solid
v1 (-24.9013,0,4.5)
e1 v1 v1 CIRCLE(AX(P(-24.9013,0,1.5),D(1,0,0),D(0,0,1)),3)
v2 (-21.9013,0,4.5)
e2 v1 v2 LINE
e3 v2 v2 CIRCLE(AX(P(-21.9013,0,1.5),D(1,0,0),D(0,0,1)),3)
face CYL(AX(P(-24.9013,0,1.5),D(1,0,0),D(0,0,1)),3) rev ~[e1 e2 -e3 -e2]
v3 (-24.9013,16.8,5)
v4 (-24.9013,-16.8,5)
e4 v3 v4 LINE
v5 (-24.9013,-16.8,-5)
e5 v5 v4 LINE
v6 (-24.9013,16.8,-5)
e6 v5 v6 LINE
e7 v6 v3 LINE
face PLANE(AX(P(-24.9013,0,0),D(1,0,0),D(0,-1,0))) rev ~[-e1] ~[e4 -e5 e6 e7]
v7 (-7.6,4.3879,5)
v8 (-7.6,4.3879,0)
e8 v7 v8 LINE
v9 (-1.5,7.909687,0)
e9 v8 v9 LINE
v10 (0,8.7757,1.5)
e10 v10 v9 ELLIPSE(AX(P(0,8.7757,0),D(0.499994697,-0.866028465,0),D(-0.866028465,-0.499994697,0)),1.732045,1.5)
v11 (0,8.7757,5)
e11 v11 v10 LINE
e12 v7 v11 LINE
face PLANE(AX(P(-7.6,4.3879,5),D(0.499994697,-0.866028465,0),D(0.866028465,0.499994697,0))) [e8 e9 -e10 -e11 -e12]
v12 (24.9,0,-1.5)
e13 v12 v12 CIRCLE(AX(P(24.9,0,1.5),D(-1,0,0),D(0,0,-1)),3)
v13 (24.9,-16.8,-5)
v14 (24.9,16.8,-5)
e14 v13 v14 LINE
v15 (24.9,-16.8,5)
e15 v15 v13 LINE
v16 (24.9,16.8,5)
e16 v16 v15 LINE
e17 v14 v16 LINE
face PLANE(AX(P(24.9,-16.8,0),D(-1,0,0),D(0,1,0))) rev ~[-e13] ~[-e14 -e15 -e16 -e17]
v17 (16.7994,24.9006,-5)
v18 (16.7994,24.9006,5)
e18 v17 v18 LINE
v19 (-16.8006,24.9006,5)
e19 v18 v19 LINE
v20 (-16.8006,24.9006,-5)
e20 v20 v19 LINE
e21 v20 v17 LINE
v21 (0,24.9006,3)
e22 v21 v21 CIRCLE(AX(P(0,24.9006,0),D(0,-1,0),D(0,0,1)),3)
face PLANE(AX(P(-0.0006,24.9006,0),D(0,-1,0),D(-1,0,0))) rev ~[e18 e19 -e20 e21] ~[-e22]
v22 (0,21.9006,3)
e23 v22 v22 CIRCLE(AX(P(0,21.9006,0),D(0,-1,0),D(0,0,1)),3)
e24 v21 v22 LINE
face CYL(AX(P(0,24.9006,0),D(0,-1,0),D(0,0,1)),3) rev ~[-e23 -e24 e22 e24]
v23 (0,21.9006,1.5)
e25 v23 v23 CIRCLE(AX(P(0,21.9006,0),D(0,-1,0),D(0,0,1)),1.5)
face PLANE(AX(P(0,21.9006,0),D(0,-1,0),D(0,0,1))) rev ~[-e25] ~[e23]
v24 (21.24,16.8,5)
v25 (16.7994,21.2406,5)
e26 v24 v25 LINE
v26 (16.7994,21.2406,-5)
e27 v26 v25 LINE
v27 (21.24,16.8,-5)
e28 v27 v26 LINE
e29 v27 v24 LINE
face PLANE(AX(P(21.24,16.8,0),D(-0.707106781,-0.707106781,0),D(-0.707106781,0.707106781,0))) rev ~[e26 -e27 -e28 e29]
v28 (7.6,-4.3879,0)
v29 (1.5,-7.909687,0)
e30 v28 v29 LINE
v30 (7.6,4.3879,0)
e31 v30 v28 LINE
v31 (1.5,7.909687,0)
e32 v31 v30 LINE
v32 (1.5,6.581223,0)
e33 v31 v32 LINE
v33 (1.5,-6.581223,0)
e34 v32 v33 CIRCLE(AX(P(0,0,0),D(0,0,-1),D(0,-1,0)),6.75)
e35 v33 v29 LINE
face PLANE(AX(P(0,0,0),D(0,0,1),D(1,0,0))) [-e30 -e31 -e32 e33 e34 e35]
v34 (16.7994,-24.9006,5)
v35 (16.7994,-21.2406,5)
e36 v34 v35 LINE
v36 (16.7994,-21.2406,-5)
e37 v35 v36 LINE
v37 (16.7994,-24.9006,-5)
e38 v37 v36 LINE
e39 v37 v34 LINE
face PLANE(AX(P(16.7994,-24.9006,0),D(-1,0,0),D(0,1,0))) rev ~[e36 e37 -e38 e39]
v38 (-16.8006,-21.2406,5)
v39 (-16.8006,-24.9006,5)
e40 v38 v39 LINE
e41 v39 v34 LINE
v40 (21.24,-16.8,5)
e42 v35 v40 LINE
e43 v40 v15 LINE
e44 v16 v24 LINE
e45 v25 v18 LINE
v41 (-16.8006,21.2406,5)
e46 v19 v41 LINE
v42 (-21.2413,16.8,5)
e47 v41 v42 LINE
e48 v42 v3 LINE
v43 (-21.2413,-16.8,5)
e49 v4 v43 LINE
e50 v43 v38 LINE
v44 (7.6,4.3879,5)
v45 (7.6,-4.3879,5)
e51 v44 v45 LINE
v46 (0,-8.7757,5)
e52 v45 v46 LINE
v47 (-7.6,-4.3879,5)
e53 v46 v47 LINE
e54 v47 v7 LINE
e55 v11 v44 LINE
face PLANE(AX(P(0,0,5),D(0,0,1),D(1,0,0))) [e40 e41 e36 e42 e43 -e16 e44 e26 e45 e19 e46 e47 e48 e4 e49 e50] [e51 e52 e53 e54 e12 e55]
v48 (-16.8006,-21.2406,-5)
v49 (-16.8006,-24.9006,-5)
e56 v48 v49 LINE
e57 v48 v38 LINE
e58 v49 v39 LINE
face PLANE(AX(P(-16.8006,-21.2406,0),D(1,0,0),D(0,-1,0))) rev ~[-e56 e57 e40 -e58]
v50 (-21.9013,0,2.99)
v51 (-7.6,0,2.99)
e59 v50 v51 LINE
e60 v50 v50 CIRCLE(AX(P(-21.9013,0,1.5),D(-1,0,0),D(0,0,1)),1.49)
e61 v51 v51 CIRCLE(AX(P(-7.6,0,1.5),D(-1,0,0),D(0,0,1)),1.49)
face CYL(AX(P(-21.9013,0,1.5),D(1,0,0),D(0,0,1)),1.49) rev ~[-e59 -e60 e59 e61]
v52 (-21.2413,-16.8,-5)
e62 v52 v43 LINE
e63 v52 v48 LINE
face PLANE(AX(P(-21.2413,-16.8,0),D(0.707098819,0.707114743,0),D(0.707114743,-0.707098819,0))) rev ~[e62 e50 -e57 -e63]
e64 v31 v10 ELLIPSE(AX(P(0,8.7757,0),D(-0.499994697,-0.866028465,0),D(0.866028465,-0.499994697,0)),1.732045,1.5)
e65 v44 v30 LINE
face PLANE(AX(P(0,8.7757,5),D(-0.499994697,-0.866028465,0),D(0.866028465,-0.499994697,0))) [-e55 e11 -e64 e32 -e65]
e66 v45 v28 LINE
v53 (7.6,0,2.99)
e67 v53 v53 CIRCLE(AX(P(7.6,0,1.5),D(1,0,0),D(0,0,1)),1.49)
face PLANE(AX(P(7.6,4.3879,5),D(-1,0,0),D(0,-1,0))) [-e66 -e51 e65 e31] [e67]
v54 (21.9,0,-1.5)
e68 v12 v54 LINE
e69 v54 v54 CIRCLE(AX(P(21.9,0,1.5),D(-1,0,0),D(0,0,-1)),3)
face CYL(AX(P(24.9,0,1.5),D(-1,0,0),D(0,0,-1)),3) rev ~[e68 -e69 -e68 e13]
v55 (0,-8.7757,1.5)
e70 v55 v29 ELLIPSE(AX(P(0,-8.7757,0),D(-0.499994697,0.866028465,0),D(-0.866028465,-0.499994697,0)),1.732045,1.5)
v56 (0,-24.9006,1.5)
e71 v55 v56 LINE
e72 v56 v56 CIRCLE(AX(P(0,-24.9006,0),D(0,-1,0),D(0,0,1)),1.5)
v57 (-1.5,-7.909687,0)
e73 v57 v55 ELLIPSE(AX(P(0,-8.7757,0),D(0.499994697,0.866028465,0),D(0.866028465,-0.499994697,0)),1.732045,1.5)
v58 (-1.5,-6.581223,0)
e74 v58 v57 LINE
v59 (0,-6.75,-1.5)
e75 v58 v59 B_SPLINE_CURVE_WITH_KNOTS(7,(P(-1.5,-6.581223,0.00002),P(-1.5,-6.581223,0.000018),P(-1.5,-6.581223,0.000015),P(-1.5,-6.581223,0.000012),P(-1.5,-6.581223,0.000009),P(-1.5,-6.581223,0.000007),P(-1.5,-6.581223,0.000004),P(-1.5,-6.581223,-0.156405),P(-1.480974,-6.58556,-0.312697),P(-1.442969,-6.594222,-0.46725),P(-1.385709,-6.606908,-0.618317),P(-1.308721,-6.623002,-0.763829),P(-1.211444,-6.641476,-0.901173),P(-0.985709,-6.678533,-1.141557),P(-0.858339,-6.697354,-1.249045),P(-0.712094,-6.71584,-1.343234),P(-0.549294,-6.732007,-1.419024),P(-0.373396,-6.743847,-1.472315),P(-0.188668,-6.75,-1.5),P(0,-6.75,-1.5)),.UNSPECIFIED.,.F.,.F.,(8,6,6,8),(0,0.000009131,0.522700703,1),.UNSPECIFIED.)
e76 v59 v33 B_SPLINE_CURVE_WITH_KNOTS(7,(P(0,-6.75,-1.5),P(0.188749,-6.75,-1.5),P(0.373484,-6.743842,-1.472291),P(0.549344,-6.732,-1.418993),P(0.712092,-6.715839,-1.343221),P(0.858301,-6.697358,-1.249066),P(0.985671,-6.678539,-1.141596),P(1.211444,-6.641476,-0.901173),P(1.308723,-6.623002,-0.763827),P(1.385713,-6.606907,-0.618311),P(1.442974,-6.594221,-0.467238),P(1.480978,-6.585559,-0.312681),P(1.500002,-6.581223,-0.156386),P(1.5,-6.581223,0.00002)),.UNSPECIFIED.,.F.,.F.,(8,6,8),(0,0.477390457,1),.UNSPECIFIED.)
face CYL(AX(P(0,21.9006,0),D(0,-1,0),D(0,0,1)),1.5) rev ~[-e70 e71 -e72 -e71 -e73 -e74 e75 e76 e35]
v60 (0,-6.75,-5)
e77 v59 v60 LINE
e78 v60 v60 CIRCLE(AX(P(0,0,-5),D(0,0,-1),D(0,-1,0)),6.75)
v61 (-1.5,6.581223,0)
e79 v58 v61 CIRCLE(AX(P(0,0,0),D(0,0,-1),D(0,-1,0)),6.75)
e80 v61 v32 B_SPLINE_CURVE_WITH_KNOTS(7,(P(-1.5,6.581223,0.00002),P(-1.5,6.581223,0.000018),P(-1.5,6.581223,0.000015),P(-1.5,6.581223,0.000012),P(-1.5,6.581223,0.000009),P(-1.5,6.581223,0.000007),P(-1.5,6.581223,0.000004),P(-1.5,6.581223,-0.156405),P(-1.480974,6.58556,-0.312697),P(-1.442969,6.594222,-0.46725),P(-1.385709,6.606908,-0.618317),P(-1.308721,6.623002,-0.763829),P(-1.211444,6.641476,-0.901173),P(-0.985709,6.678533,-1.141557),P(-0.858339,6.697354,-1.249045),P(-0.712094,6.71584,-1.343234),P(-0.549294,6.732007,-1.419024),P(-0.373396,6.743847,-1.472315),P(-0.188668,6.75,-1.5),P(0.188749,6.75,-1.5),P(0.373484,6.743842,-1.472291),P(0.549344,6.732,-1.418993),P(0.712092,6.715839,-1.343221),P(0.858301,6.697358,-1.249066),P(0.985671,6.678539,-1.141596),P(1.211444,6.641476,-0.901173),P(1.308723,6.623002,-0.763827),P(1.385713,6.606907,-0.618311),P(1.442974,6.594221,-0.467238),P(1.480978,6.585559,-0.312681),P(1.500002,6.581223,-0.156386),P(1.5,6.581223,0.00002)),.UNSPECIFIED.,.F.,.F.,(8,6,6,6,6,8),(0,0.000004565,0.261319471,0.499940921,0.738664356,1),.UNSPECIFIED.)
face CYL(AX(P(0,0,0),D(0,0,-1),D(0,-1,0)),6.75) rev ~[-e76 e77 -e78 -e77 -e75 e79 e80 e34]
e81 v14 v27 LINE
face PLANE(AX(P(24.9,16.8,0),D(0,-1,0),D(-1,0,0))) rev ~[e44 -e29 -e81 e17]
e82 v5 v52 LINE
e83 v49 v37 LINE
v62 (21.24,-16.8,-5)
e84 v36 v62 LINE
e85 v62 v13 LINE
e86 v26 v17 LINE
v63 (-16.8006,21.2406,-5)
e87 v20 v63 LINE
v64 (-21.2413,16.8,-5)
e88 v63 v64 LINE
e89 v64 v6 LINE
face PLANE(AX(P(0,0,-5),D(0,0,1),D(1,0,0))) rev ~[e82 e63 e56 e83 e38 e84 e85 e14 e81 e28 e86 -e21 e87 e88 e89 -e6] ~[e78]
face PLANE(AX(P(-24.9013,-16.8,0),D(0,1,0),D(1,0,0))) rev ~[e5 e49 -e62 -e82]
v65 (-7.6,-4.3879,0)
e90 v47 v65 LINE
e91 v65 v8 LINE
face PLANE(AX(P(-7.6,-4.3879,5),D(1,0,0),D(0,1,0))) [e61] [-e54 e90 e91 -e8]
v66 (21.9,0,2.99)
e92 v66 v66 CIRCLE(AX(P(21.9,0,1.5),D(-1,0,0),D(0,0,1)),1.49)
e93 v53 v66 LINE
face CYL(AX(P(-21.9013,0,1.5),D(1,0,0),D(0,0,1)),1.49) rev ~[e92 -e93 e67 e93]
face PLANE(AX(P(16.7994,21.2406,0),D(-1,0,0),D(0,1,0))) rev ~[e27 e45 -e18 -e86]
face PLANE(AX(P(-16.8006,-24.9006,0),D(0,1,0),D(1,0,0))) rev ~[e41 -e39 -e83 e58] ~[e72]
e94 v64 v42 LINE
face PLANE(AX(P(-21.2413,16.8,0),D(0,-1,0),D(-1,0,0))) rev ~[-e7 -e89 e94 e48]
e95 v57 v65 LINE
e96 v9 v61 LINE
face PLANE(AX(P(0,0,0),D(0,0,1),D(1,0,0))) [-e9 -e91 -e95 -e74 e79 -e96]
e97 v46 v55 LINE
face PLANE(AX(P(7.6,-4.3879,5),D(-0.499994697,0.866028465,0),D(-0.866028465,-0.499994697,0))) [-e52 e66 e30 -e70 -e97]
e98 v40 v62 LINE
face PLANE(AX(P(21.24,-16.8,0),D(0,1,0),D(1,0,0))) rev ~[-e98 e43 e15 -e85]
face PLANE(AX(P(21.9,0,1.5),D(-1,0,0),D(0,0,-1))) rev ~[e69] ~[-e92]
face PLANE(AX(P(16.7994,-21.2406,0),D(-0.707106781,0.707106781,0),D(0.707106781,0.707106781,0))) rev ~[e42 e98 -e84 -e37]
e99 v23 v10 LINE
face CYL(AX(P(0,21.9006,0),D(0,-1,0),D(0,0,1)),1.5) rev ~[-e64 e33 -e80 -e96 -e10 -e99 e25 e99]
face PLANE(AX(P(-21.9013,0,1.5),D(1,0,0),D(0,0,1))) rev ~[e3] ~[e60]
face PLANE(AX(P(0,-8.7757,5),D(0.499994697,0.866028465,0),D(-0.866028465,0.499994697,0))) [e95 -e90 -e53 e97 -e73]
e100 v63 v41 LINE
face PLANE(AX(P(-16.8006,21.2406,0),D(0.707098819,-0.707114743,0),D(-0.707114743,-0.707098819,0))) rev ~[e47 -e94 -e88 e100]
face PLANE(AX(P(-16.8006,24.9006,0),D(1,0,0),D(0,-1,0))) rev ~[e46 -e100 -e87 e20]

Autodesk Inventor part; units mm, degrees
ref_plane "YZ Plane" through (0, 0, 0) normal (1, 0, 0) x (0, 1, 0)
ref_plane "XZ Plane" through (0, 0, 0) normal (0, 1, 0) x (-1, 0, 0)
ref_plane "XY Plane" through (0, 0, 0) normal (0, 0, 1) x (1, 0, 0)
sketch "草图1" plane through (0, 0, 0) normal (0, 0, 1) x (1, 0, 0)
  line L0 (24.9, 0) -> (24.9, 16.8)
  line L1 (24.9, 0) -> (41.7, 0) construction
  line L2 (24.9, 16.8) -> (21.24, 16.8)
  line L3 (21.24, 16.8) -> (16.7994, 21.2406)
  line L4 (16.7994, 21.2406) -> (16.7994, 24.9006)
  line L5 (16.7994, 24.9006) -> (-0.0006, 24.9006)
  line L6 (-0.0006, 24.9006) -> (-16.8006, 24.9006)
  line L7 (-16.8006, 24.9006) -> (-16.8006, 21.2406)
  line L8 (-16.8006, 21.2406) -> (-21.2413, 16.8)
  line L9 (-21.2413, 16.8) -> (-24.9013, 16.8)
  line L10 (-24.9013, 16.8) -> (-24.9013, 0)
  line L11 (-24.9013, 0) -> (-24.9013, -16.8)
  line L12 (-24.9013, -16.8) -> (-21.2413, -16.8)
  line L13 (-21.2413, -16.8) -> (-16.8006, -21.2406)
  line L14 (-16.8006, -21.2406) -> (-16.8006, -24.9006)
  line L15 (-16.8006, -24.9006) -> (16.7994, -24.9006)
  line L16 (16.7994, -24.9006) -> (16.7994, -21.2406)
  line L17 (16.7994, -21.2406) -> (21.24, -16.8)
  line L18 (21.24, -16.8) -> (24.9, -16.8)
  line L19 (24.9, -16.8) -> (24.9, 0)
  line L20 (-8.7757, 0) -> (-4.3879, 7.6)
  line L21 (-4.3879, 7.6) -> (4.3879, 7.6)
  line L22 (4.3879, 7.6) -> (8.7757, 0)
  line L23 (8.7757, 0) -> (4.3879, -7.6)
  line L24 (4.3879, -7.6) -> (-4.3879, -7.6)
  line L25 (-4.3879, -7.6) -> (-8.7757, 0)
  point P0 (0, 0)
  point P1 (0, 0)
  point P2 (0, 0)
  dimension "d61" = 15.2
extrude "拉伸1" add sketch "草图1" along normal blind 5 and the other way blind 5 contours L19 L18 L17 L16 L15 L14 L13 L12 L11 L10 L9 L8 L7 L6 L5 L4 L3 L2 L0 | L20 L21 L22 L23 L24 L25
sketch "草图2" plane through (0, 0, 5) normal (0, 0, 1) x (1, 0, 0)
  point P0 (0, 0)
sketch "草图3" plane through (0, 0, 5) normal (0, 0, 1) x (1, 0, 0)
  point P0 (0, 0)
sketch "草图4" plane through (0, 0, 5) normal (0, 0, 1) x (1, 0, 0)
  line L0 (7.6, -4.3879) -> (0, -8.7757)
  line L1 (0, -8.7757) -> (-7.6, -4.3879)
  line L2 (-7.6, -4.3879) -> (-7.6, 4.3879)
  line L3 (-7.6, 4.3879) -> (0, 8.7757)
  line L4 (0, 8.7757) -> (7.6, 4.3879)
  line L5 (7.6, 4.3879) -> (7.6, -4.3879)
  point P0 (0, 0)
  point P1 (0, 0)
  dimension "d30" = 15.2
extrude "拉伸2" cut sketch "草图4" against normal blind 5
sketch "草图5" plane through (0, 0, 0) normal (0, 0, 1) x (1, 0, 0)
  point P0 (0, 0)
  point P1 (0, 0)
hole "孔1" at (0, 0, 0) direction (0, 0, -1) diameter 13.5 end through all
sketch "草图6" plane through (-24.9013, -16.8, 5) normal (-1, 0, 0) x (0, 0, 1)
  point P0 (-5, 16.8)
  point P1 (-3.5, 16.8)
hole "孔2" at (-24.9013, 0, 1.5) direction (1, 0, 0) diameter 2.98 end through all counterbore diameter 6 counterbore depth 3
sketch "草图7" plane through (24.9, -16.8, 5) normal (1, 0, 0) x (0, 0, -1)
  point P0 (5, 16.8)
  point P1 (3.5, 16.8)
hole "孔3" at (24.9, 0, 1.5) direction (-1, 0, 0) diameter 2.98 end through all counterbore diameter 6 counterbore depth 3
sketch "草图8" plane through (-16.8006, 24.9006, 5) normal (0, 1, 0) x (1, 0, 0)
  line L0 (24.4006, 5) -> (16.8006, 5) projected
hole "孔4" at (0, 24.9006, 0) direction (0, -1, 0) diameter 3 end through all counterbore diameter 6 counterbore depth 3
equation "\"d38\" = 厚度"
equation "\"折弯半径\" = 厚度"
equation "\"折弯释压宽度\" = 厚度"
equation "\"折弯释压深度\" = 0.5 * 厚度"
equation "\"拐角释压尺寸\" = 4 * 厚度"
equation "\"最小余量\" = 2 * 厚度"
equation "\"过渡半径\" = 折弯半径"
equation "\"Jacobi半径尺寸\" = 折弯半径"
equation "\"间隙大小\" = 厚度"
equation "\"厚度\" = 0.5"
properties part number "zhunzhiguan1"
